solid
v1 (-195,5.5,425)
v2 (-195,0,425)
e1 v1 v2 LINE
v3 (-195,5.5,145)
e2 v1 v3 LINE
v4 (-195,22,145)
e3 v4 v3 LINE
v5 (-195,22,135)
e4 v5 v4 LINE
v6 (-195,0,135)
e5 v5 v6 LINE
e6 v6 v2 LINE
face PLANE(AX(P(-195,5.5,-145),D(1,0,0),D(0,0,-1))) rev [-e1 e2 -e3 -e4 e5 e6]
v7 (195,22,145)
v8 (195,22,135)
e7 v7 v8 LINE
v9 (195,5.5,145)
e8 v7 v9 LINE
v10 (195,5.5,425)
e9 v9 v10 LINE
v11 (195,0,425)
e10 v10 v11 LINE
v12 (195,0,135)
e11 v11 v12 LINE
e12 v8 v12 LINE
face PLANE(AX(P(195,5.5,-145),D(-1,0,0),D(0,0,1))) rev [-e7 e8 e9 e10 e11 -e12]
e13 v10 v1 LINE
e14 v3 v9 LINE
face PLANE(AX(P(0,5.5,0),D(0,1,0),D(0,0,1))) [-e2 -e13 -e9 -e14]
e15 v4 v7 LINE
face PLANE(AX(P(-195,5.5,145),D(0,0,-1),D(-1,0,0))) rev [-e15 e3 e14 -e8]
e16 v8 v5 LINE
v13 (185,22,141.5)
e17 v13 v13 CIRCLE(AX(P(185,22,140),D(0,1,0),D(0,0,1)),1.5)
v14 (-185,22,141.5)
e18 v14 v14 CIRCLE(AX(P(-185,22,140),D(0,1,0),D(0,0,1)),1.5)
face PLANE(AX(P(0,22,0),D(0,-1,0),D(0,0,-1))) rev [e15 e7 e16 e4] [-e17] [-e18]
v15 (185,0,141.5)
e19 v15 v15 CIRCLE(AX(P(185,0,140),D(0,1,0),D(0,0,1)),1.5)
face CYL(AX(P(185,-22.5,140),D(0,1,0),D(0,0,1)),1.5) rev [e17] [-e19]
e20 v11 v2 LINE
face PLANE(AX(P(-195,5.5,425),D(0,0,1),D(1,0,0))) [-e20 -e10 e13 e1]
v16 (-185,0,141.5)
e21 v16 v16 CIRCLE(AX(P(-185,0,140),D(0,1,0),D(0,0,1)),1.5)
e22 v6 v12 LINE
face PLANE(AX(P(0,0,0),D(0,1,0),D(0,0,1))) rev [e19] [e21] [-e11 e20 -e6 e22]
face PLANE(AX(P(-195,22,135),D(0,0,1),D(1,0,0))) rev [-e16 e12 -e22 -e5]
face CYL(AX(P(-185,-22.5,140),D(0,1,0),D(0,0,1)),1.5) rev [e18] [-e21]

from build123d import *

# Parameters (mm, degrees)
CROQUIS2_W                 = 390
CROQUIS2_H                 = 290
SALIENTE_EXTRUIR2_DEPTH    = 10
CROQUIS3_W                 = 390
CROQUIS3_H                 = 7
SALIENTE_EXTRUIR3_DEPTH    = 25
SALIENTE_EXTRUIR4_DEPTH    = 390
CORTAR_EXTRUIR1_DEPTH      = 180
CORTAR_EXTRUIR2_DEPTH      = 180
SALIENTE_EXTRUIR5_DEPTH    = 179
CROQUIS10_W                = 283
CROQUIS10_H                = 194.109962813
CORTAR_EXTRUIR5_DEPTH      = 236
CORTAR_EXTRUIR6_DEPTH      = 236
SALIENTE_EXTRUIR6_DEPTH    = 236
CROQUIS13_W                = 339.798946509
CROQUIS13_H                = 236.819651801
CROQUIS13_W_2              = 44.776464784
CROQUIS13_H_2              = 75.104657821
CORTAR_EXTRUIR7_DEPTH      = 500
CROQUIS14_W                = 59.446000687
CROQUIS14_H                = 81.435889979
CORTAR_EXTRUIR8_DEPTH      = 500
CROQUIS15_W                = 50
CROQUIS15_H                = 5
CORTAR_EXTRUIR9_DEPTH      = 500
CROQUIS16_W                = 390
CROQUIS16_H                = 283
CORTAR_EXTRUIR10_DEPTH     = 10
CROQUIS17_R                = 3.75
CORTAR_EXTRUIR11_DEPTH     = 10
CROQUIS18_R                = 3.75
CROQUIS18_R_2              = 1.5
SALIENTE_EXTRUIR8_DEPTH    = 4
CROQUIS19_R                = 1.5
SALIENTE_EXTRUIR10_DEPTH   = 15
CROQUIS20_R                = 1.5
SALIENTE_EXTRUIR11_DEPTH   = 15
SALIENTE_EXTRUIR11_2_DEPTH = 15
SALIENTE_EXTRUIR11_3_DEPTH = 15
CROQUIS21_W                = 390
CROQUIS21_H                = 283
SALIENTE_EXTRUIR12_DEPTH   = 10
CORTAR_EXTRUIR12_START     = -47
CROQUIS22_R                = 1.5
CORTAR_EXTRUIR12_DEPTH     = 47
CROQUIS26_W                = 283
CROQUIS26_H                = 4.5
CORTAR_EXTRUIR16_DEPTH     = 500
CROQUIS27_W                = 7
CROQUIS27_H                = 9.5
CORTAR_EXTRUIR17_DEPTH     = 500
CORTAR_EXTRUIR18_DEPTH     = 500
CROQUIS29_R                = 3.5
CORTAR_EXTRUIR19_DEPTH     = 20
CORTAR_EXTRUIR20_DEPTH     = 314
CROQUIS32_R                = 3.5
CORTAR_EXTRUIR21_DEPTH     = 25
CROQUIS33_W                = 308.833685193
CROQUIS33_H                = 37.038834889
CORTAR_EXTRUIR22_DEPTH     = 500
CROQUIS34_W                = 390
CROQUIS34_H                = 290
CROQUIS34_R                = 1.5
SALIENTE_EXTRUIR14_DEPTH   = 5.5
CROQUIS35_W                = 390
CROQUIS35_H                = 10
SALIENTE_EXTRUIR15_DEPTH   = 22
CORTAR_EXTRUIR23_DEPTH     = 488
CORTAR_EXTRUIR28_DEPTH     = 479.5
CROQUIS38_R                = 3.5
CORTAR_EXTRUIR29_DEPTH     = 25
CROQUIS39_R                = 1.5
SALIENTE_EXTRUIR16_DEPTH   = 9
CROQUIS40_R                = 3.5
SALIENTE_EXTRUIR17_DEPTH   = 25
CROQUIS41_R                = 3.5
CORTAR_EXTRUIR30_DEPTH     = 25
CROQUIS43_W                = 307.128340428
CROQUIS43_H                = 102.232085181
CORTAR_EXTRUIR32_DEPTH     = 500
CROQUIS44_R                = 1.5
CORTAR_EXTRUIR34_DEPTH     = 50
CROQUIS45_W                = 390
CROQUIS45_H                = 290
CORTAR_EXTRUIR37_DEPTH     = 50
SALIENTE_EXTRUIR19_START   = 16.5
CROQUIS46_W                = 390
CROQUIS46_H                = 10
CROQUIS46_R                = 1.5
SALIENTE_EXTRUIR19_DEPTH   = 16.5
CROQUIS48_W                = 390
CROQUIS48_H                = 280
CORTAR_EXTRUIR38_DEPTH     = 16.5
CROQUIS49_W                = 390
CROQUIS49_H                = 280
SALIENTE_EXTRUIR20_DEPTH   = 5.5


with BuildPart() as part:
    # Croquis2 → Saliente-Extruir2 (new body)
    with BuildSketch(Plane(origin=(0, 0, 0), x_dir=(1, 0, 0), z_dir=(0, 1, 0))):
        Rectangle(CROQUIS2_W, CROQUIS2_H)
    extrude(amount=SALIENTE_EXTRUIR2_DEPTH)

    # Croquis3 → Saliente-Extruir3 (add)
    with BuildSketch(Plane(origin=(0, 10, 0), x_dir=(1, 0, 0), z_dir=(0, 1, 0))):
        with Locations((0, -141.5)):
            Rectangle(CROQUIS3_W, CROQUIS3_H)
    extrude(amount=SALIENTE_EXTRUIR3_DEPTH)

    # Croquis5 → Saliente-Extruir4 (add)
    with BuildSketch(Plane.ZY.offset(195)):
        Polygon((145, 0), (51.120689647, -135.689627782), (-145, 0), align=None)
    extrude(amount=-SALIENTE_EXTRUIR4_DEPTH)

    # Croquis6 → Cortar-Extruir1 (cut)
    with BuildSketch(Plane.ZY.offset(195)):
        Polygon((-145, 0), (145, 0), (51.120689647, -135.689627782), align=None)
    extrude(amount=-CORTAR_EXTRUIR1_DEPTH, mode=Mode.SUBTRACT)

    # Croquis7 → Cortar-Extruir2 (cut)
    with BuildSketch(Plane(origin=(195, 0, 0), x_dir=(0, 0, -1), z_dir=(1, 0, 0))):
        Polygon((145, 0), (-145, 0), (-51.120689647, -135.689627782), align=None)
    extrude(amount=-CORTAR_EXTRUIR2_DEPTH, mode=Mode.SUBTRACT)

    # Croquis8 → Saliente-Extruir5 (add)
    with BuildSketch(Plane(origin=(0, -67.844813894, -46.939655172), x_dir=(-1, 0, 0), z_dir=(0, -0.8223613805318496, -0.5689655172413796))):
        Polygon((15, -119.242400168), (105, 119.242400177), (75, 119.242400177), (15, -39.747466719), align=None)
    extrude(amount=-SALIENTE_EXTRUIR5_DEPTH)

    # Croquis10 → Cortar-Extruir5 (cut)
    with BuildSketch(Plane.ZY.offset(195)):
        with Locations((-3.5, 107.054981407)):
            Rectangle(CROQUIS10_W, CROQUIS10_H)
    extrude(amount=-CORTAR_EXTRUIR5_DEPTH, mode=Mode.SUBTRACT)

    # Croquis11 → Cortar-Extruir6 (cut)
    with BuildSketch(Plane.ZY.offset(195)):
        Polygon((145, 17.024145748), (144.999999988, 0), (165.789590248, 1.603195777), (161.358166331, 19.30887792), align=None)
    extrude(amount=-CORTAR_EXTRUIR6_DEPTH, mode=Mode.SUBTRACT)

    # Croquis12 → Saliente-Extruir6 (add)
    with BuildSketch(Plane(origin=(0, -67.844813894, -46.939655172), x_dir=(-1, 0, 0), z_dir=(0, -0.8223613805318496, -0.5689655172413796))):
        Polygon((-15, -119.242400168), (-105, 119.242400177), (-75, 119.242400177), (-15, -39.747466719), align=None)
    extrude(amount=-SALIENTE_EXTRUIR6_DEPTH)

    # Croquis13 → Cortar-Extruir7 (cut)
    with BuildSketch(Plane(origin=(195, 0, 0), x_dir=(0, 0, -1), z_dir=(1, 0, 0))):
        with Locations((31.899473255, 128.409825901)):
            Rectangle(CROQUIS13_W, CROQUIS13_H)
        with Locations((-167.388232392, 37.552328911)):
            Rectangle(CROQUIS13_W_2, CROQUIS13_H_2)
    extrude(amount=-CORTAR_EXTRUIR7_DEPTH, mode=Mode.SUBTRACT)

    # Croquis14 → Cortar-Extruir8 (cut)
    with BuildSketch(Plane(origin=(195, 0, 0), x_dir=(0, 0, -1), z_dir=(1, 0, 0))):
        with Locations((-167.723000344, 75.71794499)):
            Rectangle(CROQUIS14_W, CROQUIS14_H)
    extrude(amount=-CORTAR_EXTRUIR8_DEPTH, mode=Mode.SUBTRACT)

    # Croquis15 → Cortar-Extruir9 (cut)
    with BuildSketch(Plane.ZY.offset(195)):
        with Locations((-102, -2.5)):
            Rectangle(CROQUIS15_W, CROQUIS15_H)
    extrude(amount=-CORTAR_EXTRUIR9_DEPTH, mode=Mode.SUBTRACT)

    # Croquis16 → Cortar-Extruir10 (cut)
    with BuildSketch(Plane(origin=(0, 10, 0), x_dir=(1, 0, 0), z_dir=(0, 1, 0))):
        with Locations((0, 3.5)):
            Rectangle(CROQUIS16_W, CROQUIS16_H)
    extrude(amount=-CORTAR_EXTRUIR10_DEPTH, mode=Mode.SUBTRACT)

    # Croquis17 → Cortar-Extruir11 (cut)
    with BuildSketch(Plane(origin=(0, 0, 0), x_dir=(1, 0, 0), z_dir=(0, 1, 0))):
        with Locations(Location((-87.205, 136, 0), (0, 0, 270))):
            Circle(CROQUIS17_R)
        with Locations(Location((0, 136, 0), (0, 0, 270))):
            Circle(CROQUIS17_R)
        with Locations(Location((87.205, 136, 0), (0, 0, 270))):
            Circle(CROQUIS17_R)
    extrude(amount=-CORTAR_EXTRUIR11_DEPTH, mode=Mode.SUBTRACT)

    # Croquis18 → Saliente-Extruir8 (add)
    # profile 1 of 3: a face of its own
    with BuildSketch(Plane(origin=(0, 0, 0), x_dir=(1, 0, 0), z_dir=(0, 1, 0))):
        with Locations((-87.205, 136)):
            Circle(CROQUIS18_R)
        with Locations(Location((-87.205, 136, 0), (0, 0, 270))):
            Circle(CROQUIS18_R_2, mode=Mode.SUBTRACT)
    # profile 2 of 3: a face of its own
    with BuildSketch(Plane(origin=(0, 0, 0), x_dir=(1, 0, 0), z_dir=(0, 1, 0))):
        with Locations((0, 136)):
            Circle(CROQUIS18_R)
        with Locations(Location((0, 136, 0), (0, 0, 270))):
            Circle(CROQUIS18_R_2, mode=Mode.SUBTRACT)
    # profile 3 of 3: a face of its own
    with BuildSketch(Plane(origin=(0, 0, 0), x_dir=(1, 0, 0), z_dir=(0, 1, 0))):
        with Locations((87.205, 136)):
            Circle(CROQUIS18_R)
        with Locations(Location((87.205, 136, 0), (0, 0, 270))):
            Circle(CROQUIS18_R_2, mode=Mode.SUBTRACT)
    extrude(amount=-SALIENTE_EXTRUIR8_DEPTH)

    # Croquis19 → Saliente-Extruir10 (add)
    with BuildSketch(Plane(origin=(0, 0, 0), x_dir=(1, 0, 0), z_dir=(0, 1, 0))):
        with Locations(Location((-52.533337706, 22, 0), (0, 0, 270))):
            Circle(CROQUIS19_R)
        with Locations(Location((0, 22, 0), (0, 0, 270))):
            Circle(CROQUIS19_R)
        with Locations(Location((52.533337706, 22, 0), (0, 0, 270))):
            Circle(CROQUIS19_R)
        with Locations(Location((0, -58, 0), (0, 0, 270))):
            Circle(CROQUIS19_R)
        with Locations(Location((0, -116, 0), (0, 0, 270))):
            Circle(CROQUIS19_R)
    extrude(amount=SALIENTE_EXTRUIR10_DEPTH)



with BuildPart() as body_2:
    # Croquis20 → Saliente-Extruir11 (new body)
    with BuildSketch(Plane(origin=(0, 0, 0), x_dir=(1, 0, 0), z_dir=(0, 1, 0))):
        with Locations(Location((-87.205, 136, 0), (0, 0, 270))):
            Circle(CROQUIS20_R)
    extrude(amount=SALIENTE_EXTRUIR11_DEPTH)


with BuildPart() as body_3:
    # Croquis20 → Saliente-Extruir11 2 (new body)
    with BuildSketch(Plane(origin=(0, 0, 0), x_dir=(1, 0, 0), z_dir=(0, 1, 0))):
        with Locations(Location((0, 136, 0), (0, 0, 270))):
            Circle(CROQUIS20_R)
    extrude(amount=SALIENTE_EXTRUIR11_2_DEPTH)


with BuildPart() as body_4:
    # Croquis20 → Saliente-Extruir11 3 (new body)
    with BuildSketch(Plane(origin=(0, 0, 0), x_dir=(1, 0, 0), z_dir=(0, 1, 0))):
        with Locations(Location((87.205, 136, 0), (0, 0, 270))):
            Circle(CROQUIS20_R)
    extrude(amount=SALIENTE_EXTRUIR11_3_DEPTH)


with BuildPart() as part_1:
    add(part.part)

    add(body_2.part)  # Saliente-Extruir12 merges body 2

    add(body_3.part)  # Saliente-Extruir12 merges body 3

    add(body_4.part)  # Saliente-Extruir12 merges body 4
    # Croquis21 → Saliente-Extruir12 (add)
    with BuildSketch(Plane(origin=(0, 0, 0), x_dir=(1, 0, 0), z_dir=(0, 1, 0))):
        with Locations((0, 3.5)):
            Rectangle(CROQUIS21_W, CROQUIS21_H)
    extrude(amount=SALIENTE_EXTRUIR12_DEPTH)

    # Croquis22 → Cortar-Extruir12 (cut)
    with BuildSketch(Plane(origin=(0, 15, 0), x_dir=(1, 0, 0), z_dir=(0, 1, 0)).offset(CORTAR_EXTRUIR12_START)):
        with Locations(Location((0, -116, 0), (0, 0, 270))):
            Circle(CROQUIS22_R)
        with Locations(Location((0, -58, 0), (0, 0, 270))):
            Circle(CROQUIS22_R)
        with Locations(Location((-52.533337706, 22, 0), (0, 0, 270))):
            Circle(CROQUIS22_R)
        with Locations(Location((0, 22, 0), (0, 0, 270))):
            Circle(CROQUIS22_R)
        with Locations(Location((52.533337706, 22, 0), (0, 0, 270))):
            Circle(CROQUIS22_R)
        with Locations(Location((87.205, 136, 0), (0, 0, 270))):
            Circle(CROQUIS22_R)
        with Locations(Location((0, 136, 0), (0, 0, 270))):
            Circle(CROQUIS22_R)
        with Locations(Location((-87.205, 136, 0), (0, 0, 270))):
            Circle(CROQUIS22_R)
    extrude(amount=CORTAR_EXTRUIR12_DEPTH, mode=Mode.SUBTRACT)

    # Croquis26 → Cortar-Extruir16 (cut)
    with BuildSketch(Plane.ZY.offset(195)):
        with Locations((-3.5, 7.75)):
            Rectangle(CROQUIS26_W, CROQUIS26_H)
    extrude(amount=-CORTAR_EXTRUIR16_DEPTH, mode=Mode.SUBTRACT)

    # Croquis27 → Cortar-Extruir17 (cut)
    with BuildSketch(Plane.ZY.offset(195)):
        with Locations((141.5, 30.25)):
            Rectangle(CROQUIS27_W, CROQUIS27_H)
    extrude(amount=-CORTAR_EXTRUIR17_DEPTH, mode=Mode.SUBTRACT)

    # Croquis28 → Cortar-Extruir18 (cut)
    with BuildSketch(Plane.ZY.offset(195)):
        Polygon((51.120689647, -135.689627782), (80.706896544, -92.926835995), (49.045983393, -71.021663581), (19.459776497, -113.784455368), align=None)
    extrude(amount=-CORTAR_EXTRUIR18_DEPTH, mode=Mode.SUBTRACT)

    # Croquis29 → Cortar-Extruir19 (cut)
    with BuildSketch(Plane(origin=(0, -25.082022106, -17.353448276), x_dir=(-1, 0, 0), z_dir=(0, -0.8223613805318496, -0.5689655172413796))):
        with Locations(Location((0, -91.242400168, 0), (0, 0, 90))):
            Circle(CROQUIS29_R)
    extrude(amount=-CORTAR_EXTRUIR19_DEPTH, mode=Mode.SUBTRACT)

    # Croquis31 → Cortar-Extruir20 (cut)
    with BuildSketch(Plane(origin=(195, 0, 0), x_dir=(0, 0, -1), z_dir=(1, 0, 0))):
        Polygon((-71.450630314, -70.714586325), (-76.002354452, -64.13569528), (-63.255753053, -55.316729763), (-58.704028915, -61.895620807), align=None)
    extrude(amount=-CORTAR_EXTRUIR20_DEPTH, mode=Mode.SUBTRACT)

    # Croquis32 → Cortar-Extruir21 (cut)
    with BuildSketch(Plane(origin=(0, -67.844813897, 98.06034482), x_dir=(1, 0, 0), z_dir=(0, -0.568965517289267, 0.8223613804987178))):
        with Locations(Location((0, 47.5, 0), (0, 0, 270))):
            Circle(CROQUIS32_R)
    extrude(amount=-CORTAR_EXTRUIR21_DEPTH, mode=Mode.SUBTRACT)

    # Croquis33 → Cortar-Extruir22 (cut)
    with BuildSketch(Plane(origin=(195, 0, 0), x_dir=(0, 0, -1), z_dir=(1, 0, 0))):
        with Locations((9.416842597, 18.519417445)):
            Rectangle(CROQUIS33_W, CROQUIS33_H)
    extrude(amount=-CORTAR_EXTRUIR22_DEPTH, mode=Mode.SUBTRACT)

    # Croquis34 → Saliente-Extruir14 (add)
    with BuildSketch(Plane(origin=(0, 0, 0), x_dir=(1, 0, 0), z_dir=(0, 1, 0))):
        Rectangle(CROQUIS34_W, CROQUIS34_H)
        with Locations(Location((0, -58, 0), (0, 0, 270))):
            Circle(CROQUIS34_R, mode=Mode.SUBTRACT)
        with Locations(Location((0, -116, 0), (0, 0, 270))):
            Circle(CROQUIS34_R, mode=Mode.SUBTRACT)
        with Locations(Location((-52.533337706, 22, 0), (0, 0, 270))):
            Circle(CROQUIS34_R, mode=Mode.SUBTRACT)
        with Locations(Location((0, 22, 0), (0, 0, 270))):
            Circle(CROQUIS34_R, mode=Mode.SUBTRACT)
        with Locations(Location((52.533337706, 22, 0), (0, 0, 270))):
            Circle(CROQUIS34_R, mode=Mode.SUBTRACT)
        with Locations(Location((-87.205, 136, 0), (0, 0, 270))):
            Circle(CROQUIS34_R, mode=Mode.SUBTRACT)
        with Locations(Location((0, 136, 0), (0, 0, 270))):
            Circle(CROQUIS34_R, mode=Mode.SUBTRACT)
        with Locations(Location((87.205, 136, 0), (0, 0, 270))):
            Circle(CROQUIS34_R, mode=Mode.SUBTRACT)
    extrude(amount=SALIENTE_EXTRUIR14_DEPTH)

    # Croquis35 → Saliente-Extruir15 (add)
    with BuildSketch(Plane(origin=(0, 5.5, 0), x_dir=(1, 0, 0), z_dir=(0, 1, 0))):
        with Locations((0, -140)):
            Rectangle(CROQUIS35_W, CROQUIS35_H)
    extrude(amount=SALIENTE_EXTRUIR15_DEPTH)

    # Croquis36 → Cortar-Extruir23 (cut)
    with BuildSketch(Plane.ZY.offset(195)):
        Polygon((19.459776497, -113.784455368), (-123.319563604, -15), (49.045983393, -71.021663581), align=None)
    extrude(amount=-CORTAR_EXTRUIR23_DEPTH, mode=Mode.SUBTRACT)

    # Croquis37 → Cortar-Extruir28 (cut)
    with BuildSketch(Plane.ZY.offset(195)):
        with BuildLine():
            Line((-115.772134461, -17.453039739), (39.045983393, -17.453039739))
            ThreePointArc((39.045983393, -17.453039739), (46.117051205, -20.381971927), (49.045983393, -27.453039739))
            Line((49.045983393, -27.453039739), (49.045983393, -71.021663581))
            Line((49.045983393, -71.021663581), (-115.772134461, -17.453039739))
        make_face()
    extrude(amount=-CORTAR_EXTRUIR28_DEPTH, mode=Mode.SUBTRACT)

    # Croquis38 → Cortar-Extruir29 (cut)
    with BuildSketch(Plane(origin=(0, -67.844813897, 98.06034482), x_dir=(1, 0, 0), z_dir=(0, -0.568965517289267, 0.8223613804987178))):
        with Locations((0, 44.5)):
            Circle(CROQUIS38_R)
    extrude(amount=-CORTAR_EXTRUIR29_DEPTH, mode=Mode.SUBTRACT)

    # Croquis39 → Saliente-Extruir16 (add)
    with BuildSketch(Plane(origin=(0, -32, 0), x_dir=(1, 0, 0), z_dir=(0, 1, 0))):
        with Locations(Location((0, -116, 0), (0, 0, 270))):
            Circle(CROQUIS39_R)
    extrude(amount=SALIENTE_EXTRUIR16_DEPTH)

    # Croquis40 → Saliente-Extruir17 (add)
    with BuildSketch(Plane(origin=(0, -67.844813897, 98.06034482), x_dir=(1, 0, 0), z_dir=(0, -0.568965517289267, 0.8223613804987178))):
        with Locations((0, 47.5)):
            Circle(CROQUIS40_R)
    extrude(amount=-SALIENTE_EXTRUIR17_DEPTH)

    # Croquis41 → Cortar-Extruir30 (cut)
    with BuildSketch(Plane(origin=(0, -67.844813897, 98.06034482), x_dir=(1, 0, 0), z_dir=(0, -0.568965517289267, 0.8223613804987178))):
        with Locations(Location((0, 44.5, 0), (0, 0, 270))):
            Circle(CROQUIS41_R)
    extrude(amount=-CORTAR_EXTRUIR30_DEPTH, mode=Mode.SUBTRACT)

    # Croquis43 → Cortar-Extruir32 (cut)
    with BuildSketch(Plane.ZY.offset(195)):
        with Locations((8.564170214, -51.116042591)):
            Rectangle(CROQUIS43_W, CROQUIS43_H)
    extrude(amount=-CORTAR_EXTRUIR32_DEPTH, mode=Mode.SUBTRACT)

    # Croquis44 → Cortar-Extruir34 (cut)
    with BuildSketch(Plane(origin=(0, 27.5, 0), x_dir=(1, 0, 0), z_dir=(0, 1, 0))):
        with Locations(Location((-185, -140, 0), (0, 0, 270))):
            Circle(CROQUIS44_R)
        with Locations(Location((185, -140, 0), (0, 0, 270))):
            Circle(CROQUIS44_R)
    extrude(amount=-CORTAR_EXTRUIR34_DEPTH, mode=Mode.SUBTRACT)

    # Croquis45 → Cortar-Extruir37 (cut)
    with BuildSketch(Plane(origin=(0, 5.5, 0), x_dir=(1, 0, 0), z_dir=(0, 1, 0))):
        Rectangle(CROQUIS45_W, CROQUIS45_H)
    extrude(amount=CORTAR_EXTRUIR37_DEPTH, mode=Mode.SUBTRACT)

    # Croquis46 → Saliente-Extruir19 (add)
    with BuildSketch(Plane(origin=(0, 5.5, 0), x_dir=(1, 0, 0), z_dir=(0, 1, 0)).offset(SALIENTE_EXTRUIR19_START)):
        with Locations((0, -140)):
            Rectangle(CROQUIS46_W, CROQUIS46_H)
        with Locations(Location((-185, -140, 0), (0, 0, 270))):
            Circle(CROQUIS46_R, mode=Mode.SUBTRACT)
        with Locations(Location((185, -140, 0), (0, 0, 270))):
            Circle(CROQUIS46_R, mode=Mode.SUBTRACT)
    extrude(amount=-SALIENTE_EXTRUIR19_DEPTH)

    # Croquis48 → Cortar-Extruir38 (cut)
    with BuildSketch(Plane(origin=(0, 5.5, 0), x_dir=(1, 0, 0), z_dir=(0, 1, 0))):
        with Locations((0, 5)):
            Rectangle(CROQUIS48_W, CROQUIS48_H)
    extrude(amount=-CORTAR_EXTRUIR38_DEPTH, mode=Mode.SUBTRACT)

    # Croquis49 → Saliente-Extruir20 (add)
    with BuildSketch(Plane(origin=(0, 0, 0), x_dir=(-1, 0, 0), z_dir=(0, -1, 0))):
        with Locations((0, -285)):
            Rectangle(CROQUIS49_W, CROQUIS49_H)
    extrude(amount=-SALIENTE_EXTRUIR20_DEPTH)


solid = part_1.part
